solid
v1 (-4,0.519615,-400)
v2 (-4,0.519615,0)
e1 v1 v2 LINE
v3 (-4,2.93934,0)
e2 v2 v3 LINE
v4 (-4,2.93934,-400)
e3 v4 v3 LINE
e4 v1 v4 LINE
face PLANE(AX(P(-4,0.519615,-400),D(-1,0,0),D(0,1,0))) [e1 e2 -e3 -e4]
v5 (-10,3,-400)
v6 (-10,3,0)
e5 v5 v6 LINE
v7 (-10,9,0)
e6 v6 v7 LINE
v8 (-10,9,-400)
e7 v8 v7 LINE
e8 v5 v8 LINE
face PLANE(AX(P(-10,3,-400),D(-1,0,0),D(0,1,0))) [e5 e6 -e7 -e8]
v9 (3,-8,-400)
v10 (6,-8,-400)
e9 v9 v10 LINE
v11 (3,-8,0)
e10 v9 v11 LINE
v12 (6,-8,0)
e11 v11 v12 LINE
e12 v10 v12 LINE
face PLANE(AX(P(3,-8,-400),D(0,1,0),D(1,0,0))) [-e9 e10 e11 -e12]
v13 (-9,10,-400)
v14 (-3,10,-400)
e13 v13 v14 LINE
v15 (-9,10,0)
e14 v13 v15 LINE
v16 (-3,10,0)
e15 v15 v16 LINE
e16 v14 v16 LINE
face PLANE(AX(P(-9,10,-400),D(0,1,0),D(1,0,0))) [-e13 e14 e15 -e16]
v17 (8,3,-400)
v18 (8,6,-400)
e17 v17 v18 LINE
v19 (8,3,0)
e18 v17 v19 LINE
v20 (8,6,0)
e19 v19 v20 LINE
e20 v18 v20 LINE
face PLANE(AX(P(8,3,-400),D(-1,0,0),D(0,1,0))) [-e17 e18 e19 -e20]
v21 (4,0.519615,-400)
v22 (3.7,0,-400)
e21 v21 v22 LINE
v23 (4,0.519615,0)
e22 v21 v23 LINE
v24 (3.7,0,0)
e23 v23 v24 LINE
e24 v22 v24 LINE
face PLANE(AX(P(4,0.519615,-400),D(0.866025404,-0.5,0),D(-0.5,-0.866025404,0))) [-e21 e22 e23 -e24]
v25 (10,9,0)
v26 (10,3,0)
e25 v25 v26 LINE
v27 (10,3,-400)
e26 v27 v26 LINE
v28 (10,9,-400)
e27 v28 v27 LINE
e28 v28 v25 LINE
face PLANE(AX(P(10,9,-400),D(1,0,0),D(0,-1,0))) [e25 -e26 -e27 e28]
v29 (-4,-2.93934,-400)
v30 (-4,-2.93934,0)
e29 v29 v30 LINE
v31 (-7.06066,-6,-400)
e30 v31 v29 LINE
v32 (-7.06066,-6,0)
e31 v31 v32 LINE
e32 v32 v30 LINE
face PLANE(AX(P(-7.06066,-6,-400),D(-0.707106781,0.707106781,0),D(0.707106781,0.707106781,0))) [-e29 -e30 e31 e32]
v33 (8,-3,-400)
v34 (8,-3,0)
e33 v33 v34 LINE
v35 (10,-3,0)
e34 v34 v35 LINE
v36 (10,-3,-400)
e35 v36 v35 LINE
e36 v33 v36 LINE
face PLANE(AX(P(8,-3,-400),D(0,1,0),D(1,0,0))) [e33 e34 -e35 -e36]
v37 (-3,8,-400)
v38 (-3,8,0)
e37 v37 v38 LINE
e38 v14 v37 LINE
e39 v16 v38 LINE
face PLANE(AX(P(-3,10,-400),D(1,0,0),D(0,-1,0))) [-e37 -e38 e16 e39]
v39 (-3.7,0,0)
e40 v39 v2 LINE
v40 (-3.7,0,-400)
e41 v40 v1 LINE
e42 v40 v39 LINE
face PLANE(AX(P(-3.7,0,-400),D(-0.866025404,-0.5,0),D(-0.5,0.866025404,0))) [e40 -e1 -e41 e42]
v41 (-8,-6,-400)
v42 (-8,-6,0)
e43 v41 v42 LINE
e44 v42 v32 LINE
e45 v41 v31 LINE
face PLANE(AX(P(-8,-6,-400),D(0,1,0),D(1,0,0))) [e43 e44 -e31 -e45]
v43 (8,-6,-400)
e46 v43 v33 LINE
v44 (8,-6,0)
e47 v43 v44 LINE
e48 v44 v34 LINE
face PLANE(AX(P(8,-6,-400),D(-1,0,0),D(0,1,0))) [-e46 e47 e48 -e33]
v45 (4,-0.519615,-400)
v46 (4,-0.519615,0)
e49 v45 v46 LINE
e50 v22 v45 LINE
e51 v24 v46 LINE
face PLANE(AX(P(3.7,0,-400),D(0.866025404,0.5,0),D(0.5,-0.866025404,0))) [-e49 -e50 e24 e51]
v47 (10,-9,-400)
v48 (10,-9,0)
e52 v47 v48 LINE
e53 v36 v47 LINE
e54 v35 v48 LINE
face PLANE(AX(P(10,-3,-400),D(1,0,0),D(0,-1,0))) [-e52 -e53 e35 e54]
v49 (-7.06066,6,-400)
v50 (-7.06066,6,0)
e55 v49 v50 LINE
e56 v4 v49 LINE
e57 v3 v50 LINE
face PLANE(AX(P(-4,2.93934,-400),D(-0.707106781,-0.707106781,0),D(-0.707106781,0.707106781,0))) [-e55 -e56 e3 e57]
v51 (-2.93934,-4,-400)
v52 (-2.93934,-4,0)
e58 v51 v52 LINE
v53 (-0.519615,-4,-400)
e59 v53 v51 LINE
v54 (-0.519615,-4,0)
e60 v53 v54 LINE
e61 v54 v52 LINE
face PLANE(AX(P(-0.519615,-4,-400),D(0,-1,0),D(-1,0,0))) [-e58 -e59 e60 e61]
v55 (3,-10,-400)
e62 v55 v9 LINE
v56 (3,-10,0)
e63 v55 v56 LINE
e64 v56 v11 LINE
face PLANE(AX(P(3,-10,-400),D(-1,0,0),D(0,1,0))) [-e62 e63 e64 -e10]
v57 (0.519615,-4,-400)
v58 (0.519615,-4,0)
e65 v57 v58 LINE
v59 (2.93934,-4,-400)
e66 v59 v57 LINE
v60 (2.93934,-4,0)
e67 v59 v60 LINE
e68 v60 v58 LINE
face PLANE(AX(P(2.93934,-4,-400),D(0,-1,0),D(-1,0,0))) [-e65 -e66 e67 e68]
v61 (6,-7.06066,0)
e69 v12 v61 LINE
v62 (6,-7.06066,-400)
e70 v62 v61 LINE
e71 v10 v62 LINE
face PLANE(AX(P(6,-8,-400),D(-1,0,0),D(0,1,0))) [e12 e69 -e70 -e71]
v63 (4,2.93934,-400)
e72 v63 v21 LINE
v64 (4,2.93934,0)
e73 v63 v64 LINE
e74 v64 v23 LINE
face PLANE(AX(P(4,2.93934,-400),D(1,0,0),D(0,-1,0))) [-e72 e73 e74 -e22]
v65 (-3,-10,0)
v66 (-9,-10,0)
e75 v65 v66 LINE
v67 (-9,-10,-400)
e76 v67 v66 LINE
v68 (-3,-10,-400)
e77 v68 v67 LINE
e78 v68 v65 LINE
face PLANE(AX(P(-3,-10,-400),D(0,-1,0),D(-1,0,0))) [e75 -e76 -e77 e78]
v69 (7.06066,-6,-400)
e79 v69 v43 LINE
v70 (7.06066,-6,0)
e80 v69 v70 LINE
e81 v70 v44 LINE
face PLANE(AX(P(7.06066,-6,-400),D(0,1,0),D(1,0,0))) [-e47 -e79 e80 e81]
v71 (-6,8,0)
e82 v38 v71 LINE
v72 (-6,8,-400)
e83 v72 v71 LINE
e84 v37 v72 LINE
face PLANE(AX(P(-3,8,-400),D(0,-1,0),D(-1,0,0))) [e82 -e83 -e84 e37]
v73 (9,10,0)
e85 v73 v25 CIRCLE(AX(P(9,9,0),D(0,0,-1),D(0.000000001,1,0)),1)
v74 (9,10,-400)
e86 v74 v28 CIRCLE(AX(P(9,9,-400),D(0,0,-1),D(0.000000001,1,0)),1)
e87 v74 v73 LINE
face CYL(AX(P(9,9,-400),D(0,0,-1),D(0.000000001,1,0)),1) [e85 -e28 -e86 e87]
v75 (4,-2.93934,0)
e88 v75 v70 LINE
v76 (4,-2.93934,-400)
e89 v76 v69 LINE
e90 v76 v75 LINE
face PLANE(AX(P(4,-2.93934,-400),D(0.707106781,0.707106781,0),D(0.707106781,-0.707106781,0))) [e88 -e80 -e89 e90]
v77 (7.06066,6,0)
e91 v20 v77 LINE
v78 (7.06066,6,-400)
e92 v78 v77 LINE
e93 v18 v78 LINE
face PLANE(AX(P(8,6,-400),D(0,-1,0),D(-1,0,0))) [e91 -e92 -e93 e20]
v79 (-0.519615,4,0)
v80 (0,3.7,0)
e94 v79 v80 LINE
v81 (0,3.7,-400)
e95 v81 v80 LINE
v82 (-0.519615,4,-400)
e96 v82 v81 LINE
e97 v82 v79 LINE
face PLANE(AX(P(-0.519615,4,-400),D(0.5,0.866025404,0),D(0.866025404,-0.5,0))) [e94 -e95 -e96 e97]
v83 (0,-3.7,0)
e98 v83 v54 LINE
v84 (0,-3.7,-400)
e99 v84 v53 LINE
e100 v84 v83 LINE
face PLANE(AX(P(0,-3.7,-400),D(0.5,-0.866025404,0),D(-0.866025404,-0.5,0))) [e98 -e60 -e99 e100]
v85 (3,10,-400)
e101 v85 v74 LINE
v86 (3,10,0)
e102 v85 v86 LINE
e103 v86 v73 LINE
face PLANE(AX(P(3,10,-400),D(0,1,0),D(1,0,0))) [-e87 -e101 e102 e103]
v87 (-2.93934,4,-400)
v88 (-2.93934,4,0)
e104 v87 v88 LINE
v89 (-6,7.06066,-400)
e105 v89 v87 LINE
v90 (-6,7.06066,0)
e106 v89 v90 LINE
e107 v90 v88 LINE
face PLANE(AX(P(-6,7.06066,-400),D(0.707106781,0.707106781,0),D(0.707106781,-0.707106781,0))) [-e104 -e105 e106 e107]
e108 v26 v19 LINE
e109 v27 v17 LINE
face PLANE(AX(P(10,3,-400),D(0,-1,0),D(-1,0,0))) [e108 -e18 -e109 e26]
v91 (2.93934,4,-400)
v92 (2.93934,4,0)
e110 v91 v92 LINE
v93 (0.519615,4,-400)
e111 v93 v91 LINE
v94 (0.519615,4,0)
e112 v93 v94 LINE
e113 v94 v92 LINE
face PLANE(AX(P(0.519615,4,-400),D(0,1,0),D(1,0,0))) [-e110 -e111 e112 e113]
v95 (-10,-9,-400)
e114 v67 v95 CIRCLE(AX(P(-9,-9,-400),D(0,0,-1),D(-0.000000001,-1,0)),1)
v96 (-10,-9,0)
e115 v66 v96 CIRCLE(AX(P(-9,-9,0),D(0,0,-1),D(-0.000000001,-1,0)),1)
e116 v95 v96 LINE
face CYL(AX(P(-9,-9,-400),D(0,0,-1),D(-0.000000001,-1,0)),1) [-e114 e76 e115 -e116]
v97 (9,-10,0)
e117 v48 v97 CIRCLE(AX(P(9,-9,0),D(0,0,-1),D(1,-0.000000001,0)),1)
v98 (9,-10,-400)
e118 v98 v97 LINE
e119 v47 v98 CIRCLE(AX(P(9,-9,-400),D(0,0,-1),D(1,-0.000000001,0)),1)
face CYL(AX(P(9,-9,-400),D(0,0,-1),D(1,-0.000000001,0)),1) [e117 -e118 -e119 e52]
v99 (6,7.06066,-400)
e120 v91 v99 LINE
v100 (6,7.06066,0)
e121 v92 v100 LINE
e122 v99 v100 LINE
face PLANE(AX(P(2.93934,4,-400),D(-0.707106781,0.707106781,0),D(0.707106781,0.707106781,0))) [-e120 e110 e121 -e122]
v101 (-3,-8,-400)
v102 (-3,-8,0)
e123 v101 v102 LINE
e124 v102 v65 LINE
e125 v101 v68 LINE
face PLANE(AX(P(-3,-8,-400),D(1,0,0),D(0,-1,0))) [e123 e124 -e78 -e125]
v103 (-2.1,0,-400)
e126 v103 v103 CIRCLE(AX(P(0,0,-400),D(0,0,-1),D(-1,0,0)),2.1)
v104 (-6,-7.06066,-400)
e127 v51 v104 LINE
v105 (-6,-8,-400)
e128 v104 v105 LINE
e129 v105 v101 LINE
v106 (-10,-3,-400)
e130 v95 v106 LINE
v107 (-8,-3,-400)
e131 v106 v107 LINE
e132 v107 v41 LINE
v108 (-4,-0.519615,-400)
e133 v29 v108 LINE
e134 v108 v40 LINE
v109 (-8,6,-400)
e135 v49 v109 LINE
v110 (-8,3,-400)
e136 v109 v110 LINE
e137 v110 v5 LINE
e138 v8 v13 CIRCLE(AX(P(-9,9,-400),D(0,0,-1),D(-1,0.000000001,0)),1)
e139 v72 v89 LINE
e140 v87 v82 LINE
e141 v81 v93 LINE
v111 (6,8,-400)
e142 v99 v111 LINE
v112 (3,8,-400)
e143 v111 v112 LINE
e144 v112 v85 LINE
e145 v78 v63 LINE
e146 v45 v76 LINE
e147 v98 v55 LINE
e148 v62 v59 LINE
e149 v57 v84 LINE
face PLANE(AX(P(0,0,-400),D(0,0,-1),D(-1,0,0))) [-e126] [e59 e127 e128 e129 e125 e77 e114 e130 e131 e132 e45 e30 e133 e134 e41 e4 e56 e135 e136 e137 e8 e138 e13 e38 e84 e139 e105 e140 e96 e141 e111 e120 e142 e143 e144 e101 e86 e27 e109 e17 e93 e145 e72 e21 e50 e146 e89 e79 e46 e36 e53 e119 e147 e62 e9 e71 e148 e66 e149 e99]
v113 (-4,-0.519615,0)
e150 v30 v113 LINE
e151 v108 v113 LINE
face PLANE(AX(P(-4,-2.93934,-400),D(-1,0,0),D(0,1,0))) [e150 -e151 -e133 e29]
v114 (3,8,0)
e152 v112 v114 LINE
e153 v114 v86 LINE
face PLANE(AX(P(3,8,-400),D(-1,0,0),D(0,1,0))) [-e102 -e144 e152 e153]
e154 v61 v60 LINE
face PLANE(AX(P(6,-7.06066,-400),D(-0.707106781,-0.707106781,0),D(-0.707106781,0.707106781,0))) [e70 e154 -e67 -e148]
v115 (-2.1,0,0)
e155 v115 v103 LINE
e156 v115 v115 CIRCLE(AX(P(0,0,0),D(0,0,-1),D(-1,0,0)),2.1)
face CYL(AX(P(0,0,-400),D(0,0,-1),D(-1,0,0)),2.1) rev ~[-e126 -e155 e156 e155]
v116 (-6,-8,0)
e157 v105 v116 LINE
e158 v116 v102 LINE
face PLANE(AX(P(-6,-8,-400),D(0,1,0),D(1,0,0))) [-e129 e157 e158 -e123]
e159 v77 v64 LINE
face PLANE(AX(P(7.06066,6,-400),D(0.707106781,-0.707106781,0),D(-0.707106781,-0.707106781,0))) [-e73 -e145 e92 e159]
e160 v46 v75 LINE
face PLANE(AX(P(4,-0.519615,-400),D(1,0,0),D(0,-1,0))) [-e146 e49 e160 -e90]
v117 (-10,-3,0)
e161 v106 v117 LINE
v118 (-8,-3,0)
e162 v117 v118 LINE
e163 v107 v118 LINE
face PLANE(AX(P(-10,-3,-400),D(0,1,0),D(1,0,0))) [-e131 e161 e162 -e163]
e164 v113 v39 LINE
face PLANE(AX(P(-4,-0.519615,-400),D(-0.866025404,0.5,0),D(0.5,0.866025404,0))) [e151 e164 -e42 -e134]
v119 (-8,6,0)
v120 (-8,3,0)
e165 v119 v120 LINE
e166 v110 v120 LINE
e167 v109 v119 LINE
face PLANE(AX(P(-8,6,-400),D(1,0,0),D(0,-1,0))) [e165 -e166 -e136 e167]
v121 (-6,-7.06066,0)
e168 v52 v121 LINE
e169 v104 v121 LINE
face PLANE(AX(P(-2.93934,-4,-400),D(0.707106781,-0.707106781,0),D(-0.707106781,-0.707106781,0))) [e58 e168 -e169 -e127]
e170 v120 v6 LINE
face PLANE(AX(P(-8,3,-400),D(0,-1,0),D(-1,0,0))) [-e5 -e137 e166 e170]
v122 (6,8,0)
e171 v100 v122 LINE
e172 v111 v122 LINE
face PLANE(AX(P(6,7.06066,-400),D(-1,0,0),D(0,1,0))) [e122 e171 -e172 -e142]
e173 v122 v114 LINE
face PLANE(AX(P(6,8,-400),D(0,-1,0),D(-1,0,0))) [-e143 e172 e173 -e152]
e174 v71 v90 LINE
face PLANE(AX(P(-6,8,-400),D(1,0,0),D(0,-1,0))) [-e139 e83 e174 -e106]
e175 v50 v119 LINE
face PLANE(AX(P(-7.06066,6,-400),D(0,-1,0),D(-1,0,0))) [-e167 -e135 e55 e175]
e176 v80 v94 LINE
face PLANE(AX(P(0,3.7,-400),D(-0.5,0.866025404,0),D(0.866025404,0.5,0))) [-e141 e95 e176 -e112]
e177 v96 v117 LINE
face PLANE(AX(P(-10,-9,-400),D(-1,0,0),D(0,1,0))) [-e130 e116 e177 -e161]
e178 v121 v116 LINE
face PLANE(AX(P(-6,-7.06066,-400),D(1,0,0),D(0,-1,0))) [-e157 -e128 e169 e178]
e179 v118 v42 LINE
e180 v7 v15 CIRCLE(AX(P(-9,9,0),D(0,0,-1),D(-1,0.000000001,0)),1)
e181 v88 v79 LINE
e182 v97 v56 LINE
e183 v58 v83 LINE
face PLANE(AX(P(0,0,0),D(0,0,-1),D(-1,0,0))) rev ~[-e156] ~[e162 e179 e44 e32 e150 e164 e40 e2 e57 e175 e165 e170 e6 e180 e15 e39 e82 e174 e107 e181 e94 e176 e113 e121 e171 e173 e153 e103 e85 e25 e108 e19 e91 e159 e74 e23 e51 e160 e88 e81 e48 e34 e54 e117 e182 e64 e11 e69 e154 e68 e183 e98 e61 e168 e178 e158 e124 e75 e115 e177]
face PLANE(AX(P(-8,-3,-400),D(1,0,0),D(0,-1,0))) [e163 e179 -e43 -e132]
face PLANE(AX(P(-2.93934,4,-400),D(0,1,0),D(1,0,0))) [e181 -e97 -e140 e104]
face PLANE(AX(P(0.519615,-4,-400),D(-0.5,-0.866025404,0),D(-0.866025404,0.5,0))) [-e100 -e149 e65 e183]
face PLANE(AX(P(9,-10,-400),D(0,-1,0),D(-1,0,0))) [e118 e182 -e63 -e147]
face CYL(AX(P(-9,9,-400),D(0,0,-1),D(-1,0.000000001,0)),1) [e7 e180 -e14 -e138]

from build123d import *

# Parameters (mm, degrees)
SKETCH1_R                 = 2.1
BOSS_EXTRUDE1_DEPTH       = 400
M5X0_8_TAPPED_HOLE1_D     = 4.2
M5X0_8_TAPPED_HOLE1_DEPTH = 14
M5X0_8_TAPPED_HOLE1_TIP   = 1.2618073
M5X0_8_TAPPED_HOLE2_D     = 4.2
M5X0_8_TAPPED_HOLE2_DEPTH = 14
M5X0_8_TAPPED_HOLE2_TIP   = 1.2618073


with BuildPart() as part:
    # Sketch1 → Boss-Extrude1 (new body)
    with BuildSketch(Plane(origin=(0, 0, -400), x_dir=(-1, 0, 0), z_dir=(0, 0, -1))):
        with BuildLine():
            Line((10, -3), (8, -3))
            Line((8, -3), (8, -6))
            Line((8, -6), (7.060660172, -6))
            Line((7.060660172, -6), (4, -2.939339828))
            Line((4, -2.939339828), (4, -0.519615242))
            Line((4, -0.519615242), (3.7, 0))
            Line((3.7, 0), (4, 0.519615242))
            Line((4, 0.519615242), (4, 2.939339828))
            Line((4, 2.939339828), (7.060660172, 6))
            Line((7.060660172, 6), (8, 6))
            Line((8, 6), (8, 3))
            Line((8, 3), (10, 3))
            Line((10, 3), (10, 9))
            ThreePointArc((10, 9), (9.707106781, 9.707106781), (9, 10))
            Line((9, 10), (3, 10))
            Line((3, 10), (3, 8))
            Line((3, 8), (6, 8))
            Line((6, 8), (6, 7.060660172))
            Line((6, 7.060660172), (2.939339828, 4))
            Line((2.939339828, 4), (0.519615242, 4))
            Line((0.519615242, 4), (0, 3.7))
            Line((0, 3.7), (-0.519615242, 4))
            Line((-0.519615242, 4), (-2.939339828, 4))
            Line((-2.939339828, 4), (-6, 7.060660172))
            Line((-6, 7.060660172), (-6, 8))
            Line((-6, 8), (-3, 8))
            Line((-3, 8), (-3, 10))
            Line((-3, 10), (-9, 10))
            ThreePointArc((-9, 10), (-9.707106781, 9.707106781), (-10, 9))
            Line((-10, 9), (-10, 3))
            Line((-10, 3), (-8, 3))
            Line((-8, 3), (-8, 6))
            Line((-8, 6), (-7.060660172, 6))
            Line((-7.060660172, 6), (-4, 2.939339828))
            Line((-4, 2.939339828), (-4, 0.519615242))
            Line((-4, 0.519615242), (-3.7, 0))
            Line((-3.7, 0), (-4, -0.519615242))
            Line((-4, -0.519615242), (-4, -2.939339828))
            Line((-4, -2.939339828), (-7.060660172, -6))
            Line((-7.060660172, -6), (-8, -6))
            Line((-8, -6), (-8, -3))
            Line((-8, -3), (-10, -3))
            Line((-10, -3), (-10, -9))
            ThreePointArc((-10, -9), (-9.707106781, -9.707106781), (-9, -10))
            Line((-9, -10), (-3, -10))
            Line((-3, -10), (-3, -8))
            Line((-3, -8), (-6, -8))
            Line((-6, -8), (-6, -7.060660172))
            Line((-6, -7.060660172), (-2.939339828, -4))
            Line((-2.939339828, -4), (-0.519615242, -4))
            Line((-0.519615242, -4), (0, -3.7))
            Line((0, -3.7), (0.519615242, -4))
            Line((0.519615242, -4), (2.939339828, -4))
            Line((2.939339828, -4), (6, -7.060660172))
            Line((6, -7.060660172), (6, -8))
            Line((6, -8), (3, -8))
            Line((3, -8), (3, -10))
            Line((3, -10), (9, -10))
            ThreePointArc((9, -10), (9.707106781, -9.707106781), (10, -9))
            Line((10, -9), (10, -3))
        make_face()
        Circle(SKETCH1_R, mode=Mode.SUBTRACT)
    extrude(amount=-BOSS_EXTRUDE1_DEPTH)

    # M5x0.8 Tapped Hole1
    with Locations(Plane.XY):
        with Locations((0, 0)):
            Hole(M5X0_8_TAPPED_HOLE1_D / 2, depth=M5X0_8_TAPPED_HOLE1_DEPTH)
            with Locations((0, 0, -(M5X0_8_TAPPED_HOLE1_DEPTH + M5X0_8_TAPPED_HOLE1_TIP / 2))):  # 118° drill point
                Cone(0, M5X0_8_TAPPED_HOLE1_D / 2, M5X0_8_TAPPED_HOLE1_TIP, mode=Mode.SUBTRACT)

    # M5x0.8 Tapped Hole2
    with Locations(Plane(origin=(0, 0, -400), x_dir=(-1, 0, 0), z_dir=(0, 0, -1))):
        with Locations((0, 0)):
            Hole(M5X0_8_TAPPED_HOLE2_D / 2, depth=M5X0_8_TAPPED_HOLE2_DEPTH)
            with Locations((0, 0, -(M5X0_8_TAPPED_HOLE2_DEPTH + M5X0_8_TAPPED_HOLE2_TIP / 2))):  # 118° drill point
                Cone(0, M5X0_8_TAPPED_HOLE2_D / 2, M5X0_8_TAPPED_HOLE2_TIP, mode=Mode.SUBTRACT)


solid = part.part
